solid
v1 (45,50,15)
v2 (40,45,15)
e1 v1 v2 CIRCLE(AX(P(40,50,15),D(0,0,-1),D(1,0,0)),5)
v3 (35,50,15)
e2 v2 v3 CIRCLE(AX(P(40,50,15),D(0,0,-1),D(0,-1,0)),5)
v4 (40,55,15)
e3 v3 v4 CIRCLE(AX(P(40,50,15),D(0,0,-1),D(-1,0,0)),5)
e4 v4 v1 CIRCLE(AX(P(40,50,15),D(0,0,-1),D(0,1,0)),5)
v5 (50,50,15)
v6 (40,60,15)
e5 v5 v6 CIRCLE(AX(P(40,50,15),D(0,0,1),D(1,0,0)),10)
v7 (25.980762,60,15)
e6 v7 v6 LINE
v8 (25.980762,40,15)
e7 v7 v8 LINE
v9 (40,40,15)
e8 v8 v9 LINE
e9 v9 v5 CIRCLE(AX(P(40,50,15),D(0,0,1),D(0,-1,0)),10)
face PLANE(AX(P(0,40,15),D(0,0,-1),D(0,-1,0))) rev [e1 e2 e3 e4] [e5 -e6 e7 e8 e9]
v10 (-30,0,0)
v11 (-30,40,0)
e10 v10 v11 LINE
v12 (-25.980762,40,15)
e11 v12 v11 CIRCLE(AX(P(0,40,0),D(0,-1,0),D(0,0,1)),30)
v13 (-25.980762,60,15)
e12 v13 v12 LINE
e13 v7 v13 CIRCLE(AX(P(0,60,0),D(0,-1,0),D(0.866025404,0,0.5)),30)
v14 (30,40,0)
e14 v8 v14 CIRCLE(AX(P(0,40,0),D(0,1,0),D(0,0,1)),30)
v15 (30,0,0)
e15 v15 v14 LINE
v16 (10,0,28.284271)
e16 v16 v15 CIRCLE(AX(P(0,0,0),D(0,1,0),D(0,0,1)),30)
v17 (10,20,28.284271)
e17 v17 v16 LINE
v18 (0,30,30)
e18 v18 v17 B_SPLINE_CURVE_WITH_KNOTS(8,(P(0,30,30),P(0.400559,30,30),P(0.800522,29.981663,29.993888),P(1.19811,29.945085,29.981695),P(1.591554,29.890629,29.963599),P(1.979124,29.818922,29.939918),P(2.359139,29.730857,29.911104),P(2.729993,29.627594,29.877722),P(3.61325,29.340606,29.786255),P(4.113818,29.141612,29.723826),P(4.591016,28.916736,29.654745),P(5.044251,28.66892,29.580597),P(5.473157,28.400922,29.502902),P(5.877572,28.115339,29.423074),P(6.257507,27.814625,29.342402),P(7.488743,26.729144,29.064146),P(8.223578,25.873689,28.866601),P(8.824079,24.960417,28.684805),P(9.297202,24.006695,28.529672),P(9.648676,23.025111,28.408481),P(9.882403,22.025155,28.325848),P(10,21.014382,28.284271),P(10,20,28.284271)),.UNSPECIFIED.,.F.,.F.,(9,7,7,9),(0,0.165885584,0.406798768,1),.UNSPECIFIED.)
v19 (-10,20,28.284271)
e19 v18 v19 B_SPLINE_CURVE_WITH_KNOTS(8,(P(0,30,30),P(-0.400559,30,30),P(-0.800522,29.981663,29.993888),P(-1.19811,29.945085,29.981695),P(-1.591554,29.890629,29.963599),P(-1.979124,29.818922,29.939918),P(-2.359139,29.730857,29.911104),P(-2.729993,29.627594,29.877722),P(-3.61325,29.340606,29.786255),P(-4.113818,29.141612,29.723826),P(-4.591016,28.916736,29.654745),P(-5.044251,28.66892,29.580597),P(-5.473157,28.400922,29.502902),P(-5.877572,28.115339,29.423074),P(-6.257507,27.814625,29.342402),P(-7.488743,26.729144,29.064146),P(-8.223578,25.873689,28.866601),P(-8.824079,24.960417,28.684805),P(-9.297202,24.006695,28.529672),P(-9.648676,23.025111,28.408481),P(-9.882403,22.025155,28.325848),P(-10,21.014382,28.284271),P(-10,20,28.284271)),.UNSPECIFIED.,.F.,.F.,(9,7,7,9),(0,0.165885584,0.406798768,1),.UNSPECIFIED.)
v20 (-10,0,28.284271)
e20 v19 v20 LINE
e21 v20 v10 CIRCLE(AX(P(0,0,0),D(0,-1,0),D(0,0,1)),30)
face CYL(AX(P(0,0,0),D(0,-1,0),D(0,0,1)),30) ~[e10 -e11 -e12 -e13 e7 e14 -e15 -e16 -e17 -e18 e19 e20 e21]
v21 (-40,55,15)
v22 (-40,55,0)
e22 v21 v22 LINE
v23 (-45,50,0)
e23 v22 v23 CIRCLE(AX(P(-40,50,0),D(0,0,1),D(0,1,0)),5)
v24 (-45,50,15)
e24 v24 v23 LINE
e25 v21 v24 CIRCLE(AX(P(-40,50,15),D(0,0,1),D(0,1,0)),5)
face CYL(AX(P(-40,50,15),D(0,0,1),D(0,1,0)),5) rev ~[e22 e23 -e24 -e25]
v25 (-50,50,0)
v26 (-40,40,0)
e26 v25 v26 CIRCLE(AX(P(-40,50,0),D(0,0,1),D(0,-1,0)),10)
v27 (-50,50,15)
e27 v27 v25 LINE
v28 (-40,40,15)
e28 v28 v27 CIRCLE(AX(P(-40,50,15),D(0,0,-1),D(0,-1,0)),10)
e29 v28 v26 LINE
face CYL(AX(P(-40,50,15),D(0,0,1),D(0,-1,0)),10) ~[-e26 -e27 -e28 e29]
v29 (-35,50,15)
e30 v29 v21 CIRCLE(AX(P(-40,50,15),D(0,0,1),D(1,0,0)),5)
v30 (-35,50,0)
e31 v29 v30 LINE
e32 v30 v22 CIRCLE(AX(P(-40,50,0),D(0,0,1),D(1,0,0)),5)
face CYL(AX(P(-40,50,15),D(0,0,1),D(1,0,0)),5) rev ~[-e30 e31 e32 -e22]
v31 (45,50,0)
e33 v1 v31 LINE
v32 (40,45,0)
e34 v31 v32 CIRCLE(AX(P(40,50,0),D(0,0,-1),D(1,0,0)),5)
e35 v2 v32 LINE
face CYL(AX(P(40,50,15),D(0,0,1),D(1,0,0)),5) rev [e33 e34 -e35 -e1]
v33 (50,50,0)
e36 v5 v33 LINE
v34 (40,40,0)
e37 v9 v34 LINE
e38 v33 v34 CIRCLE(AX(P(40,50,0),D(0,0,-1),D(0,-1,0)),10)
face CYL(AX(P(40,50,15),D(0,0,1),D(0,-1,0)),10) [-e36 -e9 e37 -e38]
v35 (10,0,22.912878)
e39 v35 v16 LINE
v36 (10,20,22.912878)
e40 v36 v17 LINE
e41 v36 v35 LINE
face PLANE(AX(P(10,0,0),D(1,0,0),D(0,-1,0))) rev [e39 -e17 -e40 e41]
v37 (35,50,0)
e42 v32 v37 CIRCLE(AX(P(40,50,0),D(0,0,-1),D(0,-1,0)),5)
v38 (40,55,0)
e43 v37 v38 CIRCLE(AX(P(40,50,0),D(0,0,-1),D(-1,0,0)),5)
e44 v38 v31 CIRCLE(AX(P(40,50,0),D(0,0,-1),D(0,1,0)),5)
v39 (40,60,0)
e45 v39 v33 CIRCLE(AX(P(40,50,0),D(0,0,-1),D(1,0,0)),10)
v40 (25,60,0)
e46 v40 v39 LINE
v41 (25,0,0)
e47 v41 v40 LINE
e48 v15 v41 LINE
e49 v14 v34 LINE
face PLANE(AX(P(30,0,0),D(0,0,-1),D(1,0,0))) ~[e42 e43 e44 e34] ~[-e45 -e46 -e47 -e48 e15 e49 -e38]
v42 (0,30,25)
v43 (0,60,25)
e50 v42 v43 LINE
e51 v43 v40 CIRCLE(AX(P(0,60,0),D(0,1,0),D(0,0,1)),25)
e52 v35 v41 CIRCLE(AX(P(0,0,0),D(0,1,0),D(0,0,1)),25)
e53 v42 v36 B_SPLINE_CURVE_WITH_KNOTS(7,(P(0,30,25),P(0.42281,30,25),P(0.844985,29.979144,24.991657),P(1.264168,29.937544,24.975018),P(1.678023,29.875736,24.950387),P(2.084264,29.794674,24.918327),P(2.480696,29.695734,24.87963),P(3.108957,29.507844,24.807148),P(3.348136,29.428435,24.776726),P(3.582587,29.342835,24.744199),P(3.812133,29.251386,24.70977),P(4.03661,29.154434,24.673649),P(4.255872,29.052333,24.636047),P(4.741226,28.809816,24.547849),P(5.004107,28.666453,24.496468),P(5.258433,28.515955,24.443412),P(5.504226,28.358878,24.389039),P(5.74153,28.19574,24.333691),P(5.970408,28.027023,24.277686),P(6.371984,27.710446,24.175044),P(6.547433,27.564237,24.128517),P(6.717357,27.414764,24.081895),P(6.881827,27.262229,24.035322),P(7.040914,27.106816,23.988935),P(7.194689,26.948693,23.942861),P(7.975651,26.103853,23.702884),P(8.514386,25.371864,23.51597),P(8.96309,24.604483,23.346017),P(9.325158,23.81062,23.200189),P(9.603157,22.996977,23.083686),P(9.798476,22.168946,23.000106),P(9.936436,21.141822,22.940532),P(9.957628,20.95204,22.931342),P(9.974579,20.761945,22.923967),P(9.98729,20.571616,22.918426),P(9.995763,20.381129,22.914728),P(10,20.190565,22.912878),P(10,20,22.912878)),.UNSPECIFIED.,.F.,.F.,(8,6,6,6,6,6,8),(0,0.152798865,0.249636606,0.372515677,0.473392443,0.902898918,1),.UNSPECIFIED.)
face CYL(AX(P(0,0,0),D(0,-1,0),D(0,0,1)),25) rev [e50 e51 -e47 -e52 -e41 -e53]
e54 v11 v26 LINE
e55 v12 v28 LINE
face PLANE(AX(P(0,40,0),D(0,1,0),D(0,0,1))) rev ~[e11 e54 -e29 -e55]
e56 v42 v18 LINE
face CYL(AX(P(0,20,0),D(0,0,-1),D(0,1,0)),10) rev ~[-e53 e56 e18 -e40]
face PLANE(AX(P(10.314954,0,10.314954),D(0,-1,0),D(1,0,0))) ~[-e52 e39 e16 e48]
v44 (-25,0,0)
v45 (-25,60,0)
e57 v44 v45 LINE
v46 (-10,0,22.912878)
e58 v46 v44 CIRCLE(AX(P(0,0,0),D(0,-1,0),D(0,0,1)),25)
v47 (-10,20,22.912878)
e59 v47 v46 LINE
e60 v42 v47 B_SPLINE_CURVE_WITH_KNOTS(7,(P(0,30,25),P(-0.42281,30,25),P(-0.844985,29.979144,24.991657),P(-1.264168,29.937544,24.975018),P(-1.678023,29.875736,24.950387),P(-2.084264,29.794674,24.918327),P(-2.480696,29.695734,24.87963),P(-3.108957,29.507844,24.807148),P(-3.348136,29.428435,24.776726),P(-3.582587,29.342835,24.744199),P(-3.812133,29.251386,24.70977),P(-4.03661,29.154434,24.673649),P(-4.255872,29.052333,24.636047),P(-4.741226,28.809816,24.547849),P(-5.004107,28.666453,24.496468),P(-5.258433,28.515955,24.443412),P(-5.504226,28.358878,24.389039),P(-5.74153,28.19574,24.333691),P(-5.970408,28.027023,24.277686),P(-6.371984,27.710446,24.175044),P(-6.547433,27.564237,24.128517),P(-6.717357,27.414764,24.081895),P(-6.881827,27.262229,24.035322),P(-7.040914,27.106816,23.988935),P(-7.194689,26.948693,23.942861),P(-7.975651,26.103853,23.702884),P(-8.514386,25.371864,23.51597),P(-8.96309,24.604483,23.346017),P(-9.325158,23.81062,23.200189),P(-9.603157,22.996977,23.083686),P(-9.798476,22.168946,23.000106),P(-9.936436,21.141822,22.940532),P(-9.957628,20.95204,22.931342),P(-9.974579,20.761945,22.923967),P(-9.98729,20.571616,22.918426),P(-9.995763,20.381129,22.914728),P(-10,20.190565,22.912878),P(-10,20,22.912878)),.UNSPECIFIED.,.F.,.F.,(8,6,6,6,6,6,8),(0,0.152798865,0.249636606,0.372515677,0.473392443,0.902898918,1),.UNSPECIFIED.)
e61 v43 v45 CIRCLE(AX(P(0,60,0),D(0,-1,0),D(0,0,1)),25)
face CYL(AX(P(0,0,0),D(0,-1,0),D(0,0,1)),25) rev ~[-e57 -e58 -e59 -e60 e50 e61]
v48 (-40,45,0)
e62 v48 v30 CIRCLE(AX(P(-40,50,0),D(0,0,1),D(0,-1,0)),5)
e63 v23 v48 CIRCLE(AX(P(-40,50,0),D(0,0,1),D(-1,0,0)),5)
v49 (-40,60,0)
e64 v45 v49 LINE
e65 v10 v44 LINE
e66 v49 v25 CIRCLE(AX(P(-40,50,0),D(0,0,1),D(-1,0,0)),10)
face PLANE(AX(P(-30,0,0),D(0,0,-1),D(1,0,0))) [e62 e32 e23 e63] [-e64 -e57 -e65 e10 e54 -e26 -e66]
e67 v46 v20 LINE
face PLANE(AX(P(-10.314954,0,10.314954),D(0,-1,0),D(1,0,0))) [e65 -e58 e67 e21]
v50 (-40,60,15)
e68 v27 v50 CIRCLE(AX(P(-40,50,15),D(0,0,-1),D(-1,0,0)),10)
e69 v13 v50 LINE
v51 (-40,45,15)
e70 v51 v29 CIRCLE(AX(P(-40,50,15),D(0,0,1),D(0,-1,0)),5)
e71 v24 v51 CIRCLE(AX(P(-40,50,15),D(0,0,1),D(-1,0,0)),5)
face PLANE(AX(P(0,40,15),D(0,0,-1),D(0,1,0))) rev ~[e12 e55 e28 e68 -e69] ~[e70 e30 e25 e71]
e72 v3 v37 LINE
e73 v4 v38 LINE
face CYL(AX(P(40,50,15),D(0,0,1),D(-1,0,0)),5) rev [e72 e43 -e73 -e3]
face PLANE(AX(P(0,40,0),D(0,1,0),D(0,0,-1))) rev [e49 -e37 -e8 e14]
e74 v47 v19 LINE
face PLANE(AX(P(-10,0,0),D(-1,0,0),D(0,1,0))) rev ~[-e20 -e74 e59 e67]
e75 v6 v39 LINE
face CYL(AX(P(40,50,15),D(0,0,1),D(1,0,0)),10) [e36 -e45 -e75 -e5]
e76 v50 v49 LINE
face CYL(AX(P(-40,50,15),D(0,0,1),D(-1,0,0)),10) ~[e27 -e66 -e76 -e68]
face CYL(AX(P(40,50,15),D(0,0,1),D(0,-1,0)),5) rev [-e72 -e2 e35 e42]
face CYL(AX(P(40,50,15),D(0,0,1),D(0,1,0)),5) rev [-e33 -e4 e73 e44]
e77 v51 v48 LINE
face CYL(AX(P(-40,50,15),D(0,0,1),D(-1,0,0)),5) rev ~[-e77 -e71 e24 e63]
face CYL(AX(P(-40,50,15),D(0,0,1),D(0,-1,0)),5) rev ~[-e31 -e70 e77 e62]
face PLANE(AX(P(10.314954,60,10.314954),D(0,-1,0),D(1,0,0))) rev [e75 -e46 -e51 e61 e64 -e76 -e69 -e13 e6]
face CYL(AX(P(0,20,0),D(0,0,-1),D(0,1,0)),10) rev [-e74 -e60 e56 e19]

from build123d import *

# Parameters (mm, degrees)
F1_DEPTH = 60
F2_W     = 20
F2_H     = 15
F3_DEPTH = 50
F5_DEPTH = 60.001
F6_W     = 10
F6_H     = 20
F7_DEPTH = 30.001
F8_DEPTH = 15.0010001


with BuildPart() as f1:
    # F0 (on Front) → F1 (new body)
    with BuildSketch(Plane.XZ):
        with BuildLine():
            ThreePointArc((0, 25), (-17.6776695297, 17.6776695297), (-25, 0))
            Line((-25, 0), (0, 0))
            Line((0, 0), (0, 25))
        make_face()
        with BuildLine():
            ThreePointArc((0, 30), (-21.2132034356, 21.2132034356), (-30, 0))
            Line((-30, 0), (-25, 0))
            ThreePointArc((-25, 0), (-17.6776695297, 17.6776695297), (0, 25))
            Line((0, 25), (0, 30))
        make_face()
    extrude(amount=-F1_DEPTH)

    # F2 (on face) → F3 (join)
    with BuildSketch(Plane.YZ):
        with Locations((50, 7.5)):
            Rectangle(F2_W, F2_H)
    extrude(amount=-F3_DEPTH)

    # F0 (on Front) → F5 (cut, through all)
    with BuildSketch(Plane.XZ):
        with BuildLine():
            ThreePointArc((0, 25), (-17.6776695297, 17.6776695297), (-25, 0))
            Line((-25, 0), (0, 0))
            Line((0, 0), (0, 25))
        make_face()
    extrude(amount=-F5_DEPTH, mode=Mode.SUBTRACT)

    # F6 (on Top) → F7 (cut, through all)
    with BuildSketch(Plane.XY):
        with Locations((-5, 10)):
            Rectangle(F6_W, F6_H)
        with BuildLine():
            Line((-10, 20), (0, 20))
            Line((0, 20), (0, 30))
            ThreePointArc((0, 30), (-7.0710678119, 27.0710678119), (-10, 20))
        make_face()
    extrude(amount=F7_DEPTH, mode=Mode.SUBTRACT)

    # F4 (on face) → F8 (cut, through all)
    with BuildSketch(Plane.XY.offset(15)):
        with BuildLine():
            ThreePointArc((-40, 40), (-47.0710678119, 42.9289321881), (-50, 50))
            Line((-50, 50), (-50, 40))
            Line((-50, 40), (-40, 40))
        make_face()
        with BuildLine():
            Line((-40, 60), (-50, 60))
            Line((-50, 60), (-50, 50))
            ThreePointArc((-50, 50), (-47.0710678119, 57.0710678119), (-40, 60))
        make_face()
        with BuildLine():
            Line((-40, 50), (-45, 50))
            ThreePointArc((-45, 50), (-43.5355339059, 46.4644660941), (-40, 45))
            Line((-40, 45), (-40, 50))
        make_face()
        with BuildLine():
            Line((-35, 50), (-40, 50))
            Line((-40, 50), (-40, 45))
            ThreePointArc((-40, 45), (-36.4644660941, 46.4644660941), (-35, 50))
        make_face()
        with BuildLine():
            ThreePointArc((-35, 50), (-36.4644660941, 53.5355339059), (-40, 55))
            Line((-40, 55), (-40, 50))
            Line((-40, 50), (-35, 50))
        make_face()
        with BuildLine():
            ThreePointArc((-40, 55), (-43.5355339059, 53.5355339059), (-45, 50))
            Line((-45, 50), (-40, 50))
            Line((-40, 50), (-40, 55))
        make_face()
    extrude(amount=-F8_DEPTH, mode=Mode.SUBTRACT)

    # F9: F1 across plane


with BuildPart() as f1_1:
    add(f1.part)
    add(f1.part.mirror(Plane.YZ))


solid = f1_1.part
